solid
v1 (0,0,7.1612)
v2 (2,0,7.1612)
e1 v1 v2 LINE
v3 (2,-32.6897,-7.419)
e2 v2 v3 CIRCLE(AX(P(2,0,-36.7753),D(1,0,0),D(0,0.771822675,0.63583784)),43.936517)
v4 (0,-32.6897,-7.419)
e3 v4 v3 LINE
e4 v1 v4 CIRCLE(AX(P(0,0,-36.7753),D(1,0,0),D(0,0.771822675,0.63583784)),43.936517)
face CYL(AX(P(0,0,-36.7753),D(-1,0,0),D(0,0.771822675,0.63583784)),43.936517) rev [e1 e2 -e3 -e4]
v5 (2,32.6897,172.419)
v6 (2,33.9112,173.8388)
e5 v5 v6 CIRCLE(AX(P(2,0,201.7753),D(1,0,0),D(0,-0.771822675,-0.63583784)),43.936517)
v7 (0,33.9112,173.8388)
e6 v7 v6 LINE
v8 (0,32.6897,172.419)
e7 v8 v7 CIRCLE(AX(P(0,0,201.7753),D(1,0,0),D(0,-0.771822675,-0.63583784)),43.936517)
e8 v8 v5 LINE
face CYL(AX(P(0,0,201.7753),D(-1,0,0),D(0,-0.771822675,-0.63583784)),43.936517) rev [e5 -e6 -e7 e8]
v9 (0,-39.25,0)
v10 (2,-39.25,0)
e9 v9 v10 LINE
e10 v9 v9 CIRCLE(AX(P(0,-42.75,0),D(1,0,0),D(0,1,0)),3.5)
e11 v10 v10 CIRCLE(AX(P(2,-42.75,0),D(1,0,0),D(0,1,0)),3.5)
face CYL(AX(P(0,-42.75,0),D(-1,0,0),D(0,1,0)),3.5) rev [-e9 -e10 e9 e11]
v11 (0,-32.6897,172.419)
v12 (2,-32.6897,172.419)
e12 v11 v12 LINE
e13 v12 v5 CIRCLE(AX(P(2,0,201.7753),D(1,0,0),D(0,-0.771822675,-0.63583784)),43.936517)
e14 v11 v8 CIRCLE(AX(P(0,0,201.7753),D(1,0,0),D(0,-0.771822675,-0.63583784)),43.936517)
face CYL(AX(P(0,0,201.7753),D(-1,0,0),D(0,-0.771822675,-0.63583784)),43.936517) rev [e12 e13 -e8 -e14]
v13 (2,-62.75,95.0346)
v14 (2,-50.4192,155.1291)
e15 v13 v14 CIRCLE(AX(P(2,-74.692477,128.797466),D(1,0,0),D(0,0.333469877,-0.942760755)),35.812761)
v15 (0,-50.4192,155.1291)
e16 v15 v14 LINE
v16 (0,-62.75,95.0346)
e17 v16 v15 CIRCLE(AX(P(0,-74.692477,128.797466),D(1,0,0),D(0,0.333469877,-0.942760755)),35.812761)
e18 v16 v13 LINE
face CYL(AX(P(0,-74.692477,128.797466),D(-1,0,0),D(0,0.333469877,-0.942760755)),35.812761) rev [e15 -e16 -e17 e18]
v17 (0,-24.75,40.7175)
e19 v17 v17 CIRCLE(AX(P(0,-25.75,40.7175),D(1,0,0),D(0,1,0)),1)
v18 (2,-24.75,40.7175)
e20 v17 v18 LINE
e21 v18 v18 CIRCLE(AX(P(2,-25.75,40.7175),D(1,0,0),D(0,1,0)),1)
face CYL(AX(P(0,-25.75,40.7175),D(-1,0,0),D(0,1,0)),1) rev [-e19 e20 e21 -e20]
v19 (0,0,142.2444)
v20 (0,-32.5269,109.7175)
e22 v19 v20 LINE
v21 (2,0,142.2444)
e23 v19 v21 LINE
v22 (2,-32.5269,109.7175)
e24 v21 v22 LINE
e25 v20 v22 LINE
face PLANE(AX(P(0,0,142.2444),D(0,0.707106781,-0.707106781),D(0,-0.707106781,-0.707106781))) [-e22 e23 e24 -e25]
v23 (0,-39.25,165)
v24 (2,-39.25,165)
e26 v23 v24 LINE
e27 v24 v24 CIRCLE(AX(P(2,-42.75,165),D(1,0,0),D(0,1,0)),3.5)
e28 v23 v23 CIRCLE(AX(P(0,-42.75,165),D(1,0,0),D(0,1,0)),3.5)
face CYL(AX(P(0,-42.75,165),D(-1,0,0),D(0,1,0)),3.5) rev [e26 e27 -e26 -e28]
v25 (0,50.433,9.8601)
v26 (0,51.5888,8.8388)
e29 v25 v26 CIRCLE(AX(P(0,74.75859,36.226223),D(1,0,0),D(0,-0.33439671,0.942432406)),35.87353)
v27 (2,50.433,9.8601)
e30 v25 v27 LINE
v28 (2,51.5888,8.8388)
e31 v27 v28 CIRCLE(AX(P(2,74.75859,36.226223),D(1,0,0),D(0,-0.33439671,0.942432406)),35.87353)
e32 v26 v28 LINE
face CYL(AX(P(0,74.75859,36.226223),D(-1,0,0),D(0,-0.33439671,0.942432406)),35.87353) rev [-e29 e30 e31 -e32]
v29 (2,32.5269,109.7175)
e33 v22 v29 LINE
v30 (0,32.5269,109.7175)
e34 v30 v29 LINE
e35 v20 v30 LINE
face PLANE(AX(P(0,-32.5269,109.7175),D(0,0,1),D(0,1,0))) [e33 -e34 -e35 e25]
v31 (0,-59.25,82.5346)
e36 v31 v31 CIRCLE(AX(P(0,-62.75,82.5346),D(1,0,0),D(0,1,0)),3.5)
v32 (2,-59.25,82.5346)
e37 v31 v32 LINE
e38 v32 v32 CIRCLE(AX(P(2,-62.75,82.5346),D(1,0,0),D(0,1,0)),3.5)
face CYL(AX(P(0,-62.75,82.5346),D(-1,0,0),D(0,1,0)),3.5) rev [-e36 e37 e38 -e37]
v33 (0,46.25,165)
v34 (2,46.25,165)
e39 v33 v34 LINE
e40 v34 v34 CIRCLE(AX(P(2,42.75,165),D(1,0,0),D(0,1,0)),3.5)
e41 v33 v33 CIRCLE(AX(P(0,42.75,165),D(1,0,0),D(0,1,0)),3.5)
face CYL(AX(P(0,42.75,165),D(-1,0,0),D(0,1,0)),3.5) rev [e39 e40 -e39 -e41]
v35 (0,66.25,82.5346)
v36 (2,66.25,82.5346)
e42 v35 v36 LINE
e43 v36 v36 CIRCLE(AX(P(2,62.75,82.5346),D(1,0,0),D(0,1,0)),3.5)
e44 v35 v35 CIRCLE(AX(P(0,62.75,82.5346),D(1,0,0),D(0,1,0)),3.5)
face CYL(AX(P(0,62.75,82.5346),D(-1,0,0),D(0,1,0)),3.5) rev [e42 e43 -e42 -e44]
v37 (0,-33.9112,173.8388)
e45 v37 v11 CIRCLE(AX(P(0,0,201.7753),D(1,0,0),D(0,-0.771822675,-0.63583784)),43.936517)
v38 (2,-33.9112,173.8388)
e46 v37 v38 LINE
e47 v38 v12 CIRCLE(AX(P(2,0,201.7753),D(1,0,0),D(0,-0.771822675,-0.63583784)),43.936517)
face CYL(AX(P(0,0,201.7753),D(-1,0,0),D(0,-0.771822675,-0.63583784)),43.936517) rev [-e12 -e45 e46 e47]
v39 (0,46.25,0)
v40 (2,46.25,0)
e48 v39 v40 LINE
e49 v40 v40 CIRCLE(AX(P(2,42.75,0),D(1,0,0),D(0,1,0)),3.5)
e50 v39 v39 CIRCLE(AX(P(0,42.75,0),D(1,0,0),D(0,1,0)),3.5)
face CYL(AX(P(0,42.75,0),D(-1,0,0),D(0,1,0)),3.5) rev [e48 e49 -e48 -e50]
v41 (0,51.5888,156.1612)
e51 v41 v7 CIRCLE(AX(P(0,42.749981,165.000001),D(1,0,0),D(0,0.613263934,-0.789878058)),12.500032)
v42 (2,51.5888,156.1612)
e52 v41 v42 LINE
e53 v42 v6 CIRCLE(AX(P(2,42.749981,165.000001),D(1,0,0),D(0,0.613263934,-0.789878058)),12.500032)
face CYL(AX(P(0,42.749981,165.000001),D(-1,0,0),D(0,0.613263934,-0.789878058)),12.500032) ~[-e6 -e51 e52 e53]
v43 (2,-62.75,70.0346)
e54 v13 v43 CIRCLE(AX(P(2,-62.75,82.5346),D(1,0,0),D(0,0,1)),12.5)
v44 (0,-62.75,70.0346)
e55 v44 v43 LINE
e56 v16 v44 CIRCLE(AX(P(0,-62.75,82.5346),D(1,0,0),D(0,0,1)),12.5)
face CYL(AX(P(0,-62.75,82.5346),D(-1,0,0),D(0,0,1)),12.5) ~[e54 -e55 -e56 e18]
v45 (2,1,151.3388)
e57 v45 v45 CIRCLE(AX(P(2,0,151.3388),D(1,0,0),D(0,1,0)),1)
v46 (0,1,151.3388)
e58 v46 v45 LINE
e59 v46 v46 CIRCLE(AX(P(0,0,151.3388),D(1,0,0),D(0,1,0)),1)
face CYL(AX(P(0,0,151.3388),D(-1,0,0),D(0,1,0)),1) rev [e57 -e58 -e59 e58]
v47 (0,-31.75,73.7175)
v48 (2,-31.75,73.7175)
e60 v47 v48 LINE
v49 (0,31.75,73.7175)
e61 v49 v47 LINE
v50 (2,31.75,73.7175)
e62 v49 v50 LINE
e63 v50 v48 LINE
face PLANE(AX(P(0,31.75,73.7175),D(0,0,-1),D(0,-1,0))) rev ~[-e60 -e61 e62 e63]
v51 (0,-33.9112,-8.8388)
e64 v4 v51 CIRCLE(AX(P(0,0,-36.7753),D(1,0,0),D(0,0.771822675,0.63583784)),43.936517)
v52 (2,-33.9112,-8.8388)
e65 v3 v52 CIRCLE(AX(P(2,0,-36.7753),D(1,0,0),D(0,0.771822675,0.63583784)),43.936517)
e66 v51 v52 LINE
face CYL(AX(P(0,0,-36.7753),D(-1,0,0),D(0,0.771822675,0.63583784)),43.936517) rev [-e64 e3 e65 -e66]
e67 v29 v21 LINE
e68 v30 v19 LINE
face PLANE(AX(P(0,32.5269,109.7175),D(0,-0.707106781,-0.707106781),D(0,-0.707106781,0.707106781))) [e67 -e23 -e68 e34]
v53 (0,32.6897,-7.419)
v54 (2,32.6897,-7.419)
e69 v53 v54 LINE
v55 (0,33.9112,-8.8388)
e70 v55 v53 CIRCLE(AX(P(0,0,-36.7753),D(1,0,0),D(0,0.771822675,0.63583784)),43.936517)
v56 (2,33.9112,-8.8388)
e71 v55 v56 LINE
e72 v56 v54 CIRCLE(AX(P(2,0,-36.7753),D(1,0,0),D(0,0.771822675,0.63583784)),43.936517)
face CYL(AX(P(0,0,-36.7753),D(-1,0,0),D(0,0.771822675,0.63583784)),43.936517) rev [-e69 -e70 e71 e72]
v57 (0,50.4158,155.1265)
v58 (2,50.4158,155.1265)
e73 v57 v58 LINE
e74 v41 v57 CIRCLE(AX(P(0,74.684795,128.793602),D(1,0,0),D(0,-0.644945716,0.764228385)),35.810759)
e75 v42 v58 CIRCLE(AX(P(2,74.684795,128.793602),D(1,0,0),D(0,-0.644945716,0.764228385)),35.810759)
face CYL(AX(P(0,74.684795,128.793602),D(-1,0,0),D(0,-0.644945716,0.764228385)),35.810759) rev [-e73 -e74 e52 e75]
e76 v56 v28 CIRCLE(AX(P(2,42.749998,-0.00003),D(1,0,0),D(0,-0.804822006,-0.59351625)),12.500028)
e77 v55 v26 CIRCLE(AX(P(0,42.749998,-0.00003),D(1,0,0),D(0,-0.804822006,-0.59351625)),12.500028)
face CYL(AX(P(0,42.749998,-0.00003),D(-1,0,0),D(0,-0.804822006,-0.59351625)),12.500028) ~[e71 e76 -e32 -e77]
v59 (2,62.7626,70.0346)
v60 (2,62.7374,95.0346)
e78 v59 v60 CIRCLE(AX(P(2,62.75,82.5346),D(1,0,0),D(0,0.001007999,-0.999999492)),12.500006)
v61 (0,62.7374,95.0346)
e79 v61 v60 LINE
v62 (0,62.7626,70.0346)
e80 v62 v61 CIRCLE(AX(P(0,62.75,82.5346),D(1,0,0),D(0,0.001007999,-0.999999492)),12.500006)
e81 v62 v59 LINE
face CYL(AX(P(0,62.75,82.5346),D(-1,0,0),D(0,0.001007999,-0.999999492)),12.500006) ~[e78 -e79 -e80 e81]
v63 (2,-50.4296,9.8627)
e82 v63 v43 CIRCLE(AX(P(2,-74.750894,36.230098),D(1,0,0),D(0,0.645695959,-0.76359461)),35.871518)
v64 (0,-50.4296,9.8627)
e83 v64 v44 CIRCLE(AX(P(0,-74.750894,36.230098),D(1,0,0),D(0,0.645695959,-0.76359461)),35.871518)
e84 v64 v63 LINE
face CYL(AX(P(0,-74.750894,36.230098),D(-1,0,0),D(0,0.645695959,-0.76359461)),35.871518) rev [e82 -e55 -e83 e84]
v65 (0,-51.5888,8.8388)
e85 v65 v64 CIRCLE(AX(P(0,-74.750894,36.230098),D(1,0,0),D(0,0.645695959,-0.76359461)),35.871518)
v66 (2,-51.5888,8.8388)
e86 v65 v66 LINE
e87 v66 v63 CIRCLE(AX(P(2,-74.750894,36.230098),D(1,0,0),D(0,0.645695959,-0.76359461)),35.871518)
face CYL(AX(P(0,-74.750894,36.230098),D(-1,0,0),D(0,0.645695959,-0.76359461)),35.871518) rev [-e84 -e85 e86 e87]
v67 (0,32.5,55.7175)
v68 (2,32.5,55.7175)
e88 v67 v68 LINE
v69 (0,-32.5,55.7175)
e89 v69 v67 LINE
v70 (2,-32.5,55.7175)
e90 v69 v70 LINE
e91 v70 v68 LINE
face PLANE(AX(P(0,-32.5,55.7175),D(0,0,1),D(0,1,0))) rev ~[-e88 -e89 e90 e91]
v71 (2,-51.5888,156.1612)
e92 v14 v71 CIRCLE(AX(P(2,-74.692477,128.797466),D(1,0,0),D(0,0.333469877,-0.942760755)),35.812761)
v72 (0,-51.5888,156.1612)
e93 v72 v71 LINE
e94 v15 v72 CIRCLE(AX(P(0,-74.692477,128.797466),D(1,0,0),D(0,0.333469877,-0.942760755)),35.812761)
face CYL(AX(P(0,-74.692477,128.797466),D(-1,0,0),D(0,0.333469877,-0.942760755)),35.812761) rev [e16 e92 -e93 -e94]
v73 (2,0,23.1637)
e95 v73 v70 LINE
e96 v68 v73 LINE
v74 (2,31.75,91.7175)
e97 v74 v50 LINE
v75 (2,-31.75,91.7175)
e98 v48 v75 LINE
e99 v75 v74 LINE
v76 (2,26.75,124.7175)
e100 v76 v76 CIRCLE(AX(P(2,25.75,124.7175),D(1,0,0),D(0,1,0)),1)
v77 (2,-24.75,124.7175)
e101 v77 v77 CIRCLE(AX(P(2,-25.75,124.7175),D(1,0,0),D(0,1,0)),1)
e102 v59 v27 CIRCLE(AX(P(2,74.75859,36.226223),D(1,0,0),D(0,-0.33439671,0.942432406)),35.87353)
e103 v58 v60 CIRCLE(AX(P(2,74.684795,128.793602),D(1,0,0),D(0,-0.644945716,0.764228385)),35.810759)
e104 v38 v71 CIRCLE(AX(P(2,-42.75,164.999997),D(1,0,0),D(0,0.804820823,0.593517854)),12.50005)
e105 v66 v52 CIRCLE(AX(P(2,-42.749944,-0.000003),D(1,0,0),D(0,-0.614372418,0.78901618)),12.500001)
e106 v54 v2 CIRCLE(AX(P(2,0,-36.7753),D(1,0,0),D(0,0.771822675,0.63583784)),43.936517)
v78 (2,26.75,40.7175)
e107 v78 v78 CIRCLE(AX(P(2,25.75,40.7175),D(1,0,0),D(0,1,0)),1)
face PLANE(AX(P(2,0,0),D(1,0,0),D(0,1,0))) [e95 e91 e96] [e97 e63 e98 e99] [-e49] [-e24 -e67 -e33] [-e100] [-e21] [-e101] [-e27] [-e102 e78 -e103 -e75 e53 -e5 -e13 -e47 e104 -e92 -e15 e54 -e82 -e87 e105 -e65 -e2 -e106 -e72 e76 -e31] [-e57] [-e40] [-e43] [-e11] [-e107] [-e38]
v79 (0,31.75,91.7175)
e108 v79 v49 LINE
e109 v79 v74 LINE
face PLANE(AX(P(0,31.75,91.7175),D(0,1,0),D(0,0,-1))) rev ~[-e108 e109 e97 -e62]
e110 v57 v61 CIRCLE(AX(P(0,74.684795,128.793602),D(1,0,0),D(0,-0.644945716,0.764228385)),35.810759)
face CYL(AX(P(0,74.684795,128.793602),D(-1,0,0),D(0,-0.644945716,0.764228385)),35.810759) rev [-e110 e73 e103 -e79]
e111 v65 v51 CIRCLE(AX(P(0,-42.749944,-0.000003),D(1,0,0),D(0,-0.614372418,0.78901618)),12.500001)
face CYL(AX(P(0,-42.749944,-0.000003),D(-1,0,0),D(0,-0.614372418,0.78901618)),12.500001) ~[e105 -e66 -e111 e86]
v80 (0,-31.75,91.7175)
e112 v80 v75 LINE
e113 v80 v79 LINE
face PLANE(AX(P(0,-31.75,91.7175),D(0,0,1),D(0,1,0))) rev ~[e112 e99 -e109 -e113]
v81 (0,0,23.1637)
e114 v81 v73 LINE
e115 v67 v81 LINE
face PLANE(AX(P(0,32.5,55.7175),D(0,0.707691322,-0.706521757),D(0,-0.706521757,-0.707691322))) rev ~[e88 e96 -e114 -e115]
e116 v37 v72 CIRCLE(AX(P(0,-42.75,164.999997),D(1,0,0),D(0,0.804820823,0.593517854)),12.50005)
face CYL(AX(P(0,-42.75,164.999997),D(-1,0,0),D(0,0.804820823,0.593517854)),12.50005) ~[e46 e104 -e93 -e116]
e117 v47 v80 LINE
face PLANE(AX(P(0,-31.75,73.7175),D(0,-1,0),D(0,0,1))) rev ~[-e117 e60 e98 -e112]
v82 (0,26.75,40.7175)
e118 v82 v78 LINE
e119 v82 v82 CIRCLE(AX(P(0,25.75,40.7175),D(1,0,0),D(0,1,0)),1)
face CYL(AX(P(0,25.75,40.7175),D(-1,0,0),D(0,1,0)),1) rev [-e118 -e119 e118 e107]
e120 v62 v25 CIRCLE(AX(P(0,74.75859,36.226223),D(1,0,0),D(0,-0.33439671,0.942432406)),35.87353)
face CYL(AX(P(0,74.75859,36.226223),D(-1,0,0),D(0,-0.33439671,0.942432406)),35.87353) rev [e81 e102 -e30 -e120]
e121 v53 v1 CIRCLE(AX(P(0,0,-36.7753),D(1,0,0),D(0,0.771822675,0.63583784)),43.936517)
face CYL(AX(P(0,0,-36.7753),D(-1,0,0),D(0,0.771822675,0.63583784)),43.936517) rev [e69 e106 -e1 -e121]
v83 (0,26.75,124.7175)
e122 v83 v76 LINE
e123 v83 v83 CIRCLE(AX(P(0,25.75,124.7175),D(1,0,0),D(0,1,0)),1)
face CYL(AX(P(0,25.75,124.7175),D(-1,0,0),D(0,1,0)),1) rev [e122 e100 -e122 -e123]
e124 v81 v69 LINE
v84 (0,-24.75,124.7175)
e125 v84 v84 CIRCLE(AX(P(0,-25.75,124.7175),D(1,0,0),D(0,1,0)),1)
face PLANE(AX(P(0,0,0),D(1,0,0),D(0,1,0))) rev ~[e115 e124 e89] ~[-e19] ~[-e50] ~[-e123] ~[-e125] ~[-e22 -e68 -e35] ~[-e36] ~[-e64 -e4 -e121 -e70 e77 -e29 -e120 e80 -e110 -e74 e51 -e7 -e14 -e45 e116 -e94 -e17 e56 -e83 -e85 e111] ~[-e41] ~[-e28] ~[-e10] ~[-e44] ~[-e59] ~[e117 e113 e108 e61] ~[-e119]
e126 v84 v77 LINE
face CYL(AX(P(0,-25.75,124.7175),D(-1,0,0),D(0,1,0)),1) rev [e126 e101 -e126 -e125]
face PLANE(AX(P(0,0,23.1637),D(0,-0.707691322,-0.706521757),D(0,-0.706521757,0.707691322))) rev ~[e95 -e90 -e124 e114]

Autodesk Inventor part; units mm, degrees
ref_plane "YZ Plane" through (0, 0, 0) normal (1, 0, 0) x (0, 1, 0)
ref_plane "XZ Plane" through (0, 0, 0) normal (0, 1, 0) x (-1, 0, 0)
ref_plane "XY Plane" through (0, 0, 0) normal (0, 0, 1) x (1, 0, 0)
sketch "Sketch1" plane through (0, 0, 0) normal (1, 0, 0) x (0, 1, 0)
  line L0 (-42.75, 165) -> (42.75, 165) construction
  line L1 (42.75, 165) -> (42.75, 0) construction
  line L2 (42.75, 0) -> (-42.75, 0) construction
  line L3 (-42.75, 0) -> (-42.75, 165) construction
  arc A0 (-32.6897, 172.419) -> (-50.4192, 155.1291) centre (-42.75, 165) ccw
  arc A1 (50.4158, 155.1265) -> (32.6897, 172.419) centre (42.75, 165) ccw
  arc A2 (-50.4296, 9.8627) -> (-32.6897, -7.419) centre (-42.75, 0) ccw
  arc A3 (32.6897, -7.419) -> (50.433, 9.8601) centre (42.75, 0) ccw
  line L4 (0, 0) -> (0, 165) construction
  line L5 (-19.1029, 0) -> (-19.1029, 82.5) construction
  line L6 (-42.75, 82.5346) -> (42.75, 82.5346) construction
  line L7 (-42.75, 82.5346) -> (-62.75, 82.5346) construction
  line L8 (42.75, 82.5346) -> (62.75, 82.5346) construction
  arc A4 (-62.75, 95.0346) -> (-62.75, 70.0346) centre (-62.75, 82.5346) ccw
  arc A5 (62.7626, 70.0346) -> (62.7374, 95.0346) centre (62.75, 82.5346) ccw
  circle A6 centre (-62.75, 82.5346) radius 3.5
  circle A7 centre (62.75, 82.5346) radius 3.5
  circle A8 centre (-42.75, 165) radius 3.5
  circle A9 centre (42.75, 165) radius 3.5
  circle A10 centre (-42.75, 0) radius 3.5
  circle A11 centre (42.75, 0) radius 3.5
  line L9 (42.75, 165) -> (33.9112, 173.8388) construction
  line L10 (-42.75, 165) -> (-33.9112, 173.8388) construction
  line L11 (42.75, 165) -> (51.5888, 156.1612) construction
  line L12 (-42.75, 165) -> (-51.5888, 156.1612) construction
  line L13 (-42.75, 0) -> (-51.5888, 8.8388) construction
  line L14 (-42.75, 0) -> (-33.9112, -8.8388) construction
  line L15 (42.75, 0) -> (33.9112, -8.8388) construction
  line L16 (42.75, 0) -> (51.5888, 8.8388) construction
  line L17 (-62.75, 82.5346) -> (-62.75, 95.0346) construction
  line L18 (-62.75, 82.5346) -> (-62.75, 70.0346) construction
  line L19 (62.75, 82.5346) -> (62.7374, 95.0346) construction
  line L20 (62.75, 82.5346) -> (62.7626, 70.0346) construction
  line L21 (-51.5888, 156.1612) -> (-62.75, 95.0346) construction
  line L22 (-33.9112, 173.8388) -> (33.9112, 173.8388) construction
  line L23 (51.5888, 156.1612) -> (62.7374, 95.0346) construction
  line L24 (62.7626, 70.0346) -> (51.5888, 8.8388) construction
  line L25 (33.9112, -8.8388) -> (-33.9112, -8.8388) construction
  line L26 (-51.5888, 8.8388) -> (-62.75, 70.0346) construction
  line L27 (-57.1694, 125.5979) -> (-39.4622, 122.3647) construction
  line L28 (57.1631, 125.5979) -> (39.4552, 122.3682) construction
  line L29 (-57.1694, 39.4367) -> (-39.4615, 42.6664) construction
  line L30 (57.1757, 39.4367) -> (39.4685, 42.6699) construction
  line L31 (0, -8.8388) -> (0, 7.1612)
  arc A12 (-33.9112, 173.8388) -> (33.9112, 173.8388) centre (0, 201.7753) ccw
  arc A13 (-62.75, 95.0346) -> (-51.5888, 156.1612) centre (-74.6924, 128.7974) ccw
  arc A14 (-51.5888, 8.8388) -> (-62.75, 70.0346) centre (-74.7509, 36.2301) ccw
  arc A15 (62.7626, 70.0346) -> (51.5888, 8.8388) centre (74.7585, 36.2263) ccw
  arc A16 (33.9112, -8.8388) -> (-33.9112, -8.8388) centre (0, -36.7753) ccw
  arc A17 (51.5888, 156.1612) -> (62.7374, 95.0346) centre (74.6848, 128.7936) ccw
  line L32 (-42.75, 99.1738) -> (-31.75, 99.1738) construction
  line L33 (42.75, 99.1738) -> (31.75, 99.1738) construction
  line L34 (0, 157.8388) -> (0, 7.1612) construction
  line L35 (-25.75, 165) -> (-25.75, 103.3033) construction
  line L36 (-31.75, 91.7175) -> (31.75, 91.7175)
  line L37 (31.75, 91.7175) -> (31.75, 73.7175)
  line L38 (31.75, 73.7175) -> (-31.75, 73.7175)
  line L39 (-31.75, 73.7175) -> (-31.75, 91.7175)
  line L40 (0, 142.2444) -> (-32.5269, 109.7175)
  line L41 (-32.5269, 109.7175) -> (32.5269, 109.7175)
  line L42 (32.5269, 109.7175) -> (0, 142.2444)
  line L43 (0, 23.1637) -> (-32.5, 55.7175)
  line L44 (-32.5, 55.7175) -> (32.5, 55.7175)
  line L45 (32.5, 55.7175) -> (0, 23.1637)
  circle A18 centre (0, 151.3388) radius 1
  circle A19 centre (25.75, 124.7175) radius 1
  circle A20 centre (-25.75, 124.7175) radius 1
  circle A21 centre (-25.75, 40.7175) radius 1
  circle A22 centre (25.75, 40.7175) radius 1
  dimension "d0" = 165
  dimension "d1" = 85.5
  dimension "d2" = 82.5
  dimension "d3" = 20
  dimension "d4" = 20
  dimension "d5" = 25
  dimension "d6" = 25
  dimension "d7" = 25
  dimension "d8" = 25
  dimension "d9" = 25
  dimension "d10" = 25
  dimension "d11" = 7
  dimension "d12" = 7
  dimension "d13" = 7
  dimension "d14" = 7
  dimension "d15" = 7
  dimension "d16" = 7
  dimension "d17" = 45
  dimension "d18" = 45
  dimension "d19" = 45
  dimension "d20" = 45
  dimension "d21" = 45
  dimension "d22" = 45
  dimension "d23" = 45
  dimension "d24" = 90
  dimension "d26" = 16
  dimension "d27" = 11
  dimension "d28" = 11
  dimension "d29" = 150.6777
  dimension "d30" = 61.6967
  dimension "d31" = 63.5
  dimension "d32" = 18
  dimension "d33" = 73.2825
  dimension "d34" = 31
  dimension "d35" = 46
  dimension "d36" = 46
  dimension "d37" = 65.0538
  dimension "d38" = 18
  dimension "d39" = 65
  dimension "d40" = 46
  dimension "d41" = 46
  dimension "d42" = 18
  dimension "d43" = 2
  dimension "d44" = 6.5
  dimension "d45" = 2
  dimension "d46" = 2
  dimension "d47" = 33
  dimension "d48" = 17
  dimension "d49" = 17
  dimension "d50" = 33
  dimension "d51" = 2
  dimension "d52" = 2
  dimension "d53" = 33
  dimension "d54" = 33
  dimension "d55" = 17
  dimension "d56" = 17
extrude "Extrusion1" add sketch "Sketch1" along normal blind 2 contours A12 A1 A17 A5 A15 A3 A16 A2 A14 A4 A13 A0
properties part number "BaseBawah"
